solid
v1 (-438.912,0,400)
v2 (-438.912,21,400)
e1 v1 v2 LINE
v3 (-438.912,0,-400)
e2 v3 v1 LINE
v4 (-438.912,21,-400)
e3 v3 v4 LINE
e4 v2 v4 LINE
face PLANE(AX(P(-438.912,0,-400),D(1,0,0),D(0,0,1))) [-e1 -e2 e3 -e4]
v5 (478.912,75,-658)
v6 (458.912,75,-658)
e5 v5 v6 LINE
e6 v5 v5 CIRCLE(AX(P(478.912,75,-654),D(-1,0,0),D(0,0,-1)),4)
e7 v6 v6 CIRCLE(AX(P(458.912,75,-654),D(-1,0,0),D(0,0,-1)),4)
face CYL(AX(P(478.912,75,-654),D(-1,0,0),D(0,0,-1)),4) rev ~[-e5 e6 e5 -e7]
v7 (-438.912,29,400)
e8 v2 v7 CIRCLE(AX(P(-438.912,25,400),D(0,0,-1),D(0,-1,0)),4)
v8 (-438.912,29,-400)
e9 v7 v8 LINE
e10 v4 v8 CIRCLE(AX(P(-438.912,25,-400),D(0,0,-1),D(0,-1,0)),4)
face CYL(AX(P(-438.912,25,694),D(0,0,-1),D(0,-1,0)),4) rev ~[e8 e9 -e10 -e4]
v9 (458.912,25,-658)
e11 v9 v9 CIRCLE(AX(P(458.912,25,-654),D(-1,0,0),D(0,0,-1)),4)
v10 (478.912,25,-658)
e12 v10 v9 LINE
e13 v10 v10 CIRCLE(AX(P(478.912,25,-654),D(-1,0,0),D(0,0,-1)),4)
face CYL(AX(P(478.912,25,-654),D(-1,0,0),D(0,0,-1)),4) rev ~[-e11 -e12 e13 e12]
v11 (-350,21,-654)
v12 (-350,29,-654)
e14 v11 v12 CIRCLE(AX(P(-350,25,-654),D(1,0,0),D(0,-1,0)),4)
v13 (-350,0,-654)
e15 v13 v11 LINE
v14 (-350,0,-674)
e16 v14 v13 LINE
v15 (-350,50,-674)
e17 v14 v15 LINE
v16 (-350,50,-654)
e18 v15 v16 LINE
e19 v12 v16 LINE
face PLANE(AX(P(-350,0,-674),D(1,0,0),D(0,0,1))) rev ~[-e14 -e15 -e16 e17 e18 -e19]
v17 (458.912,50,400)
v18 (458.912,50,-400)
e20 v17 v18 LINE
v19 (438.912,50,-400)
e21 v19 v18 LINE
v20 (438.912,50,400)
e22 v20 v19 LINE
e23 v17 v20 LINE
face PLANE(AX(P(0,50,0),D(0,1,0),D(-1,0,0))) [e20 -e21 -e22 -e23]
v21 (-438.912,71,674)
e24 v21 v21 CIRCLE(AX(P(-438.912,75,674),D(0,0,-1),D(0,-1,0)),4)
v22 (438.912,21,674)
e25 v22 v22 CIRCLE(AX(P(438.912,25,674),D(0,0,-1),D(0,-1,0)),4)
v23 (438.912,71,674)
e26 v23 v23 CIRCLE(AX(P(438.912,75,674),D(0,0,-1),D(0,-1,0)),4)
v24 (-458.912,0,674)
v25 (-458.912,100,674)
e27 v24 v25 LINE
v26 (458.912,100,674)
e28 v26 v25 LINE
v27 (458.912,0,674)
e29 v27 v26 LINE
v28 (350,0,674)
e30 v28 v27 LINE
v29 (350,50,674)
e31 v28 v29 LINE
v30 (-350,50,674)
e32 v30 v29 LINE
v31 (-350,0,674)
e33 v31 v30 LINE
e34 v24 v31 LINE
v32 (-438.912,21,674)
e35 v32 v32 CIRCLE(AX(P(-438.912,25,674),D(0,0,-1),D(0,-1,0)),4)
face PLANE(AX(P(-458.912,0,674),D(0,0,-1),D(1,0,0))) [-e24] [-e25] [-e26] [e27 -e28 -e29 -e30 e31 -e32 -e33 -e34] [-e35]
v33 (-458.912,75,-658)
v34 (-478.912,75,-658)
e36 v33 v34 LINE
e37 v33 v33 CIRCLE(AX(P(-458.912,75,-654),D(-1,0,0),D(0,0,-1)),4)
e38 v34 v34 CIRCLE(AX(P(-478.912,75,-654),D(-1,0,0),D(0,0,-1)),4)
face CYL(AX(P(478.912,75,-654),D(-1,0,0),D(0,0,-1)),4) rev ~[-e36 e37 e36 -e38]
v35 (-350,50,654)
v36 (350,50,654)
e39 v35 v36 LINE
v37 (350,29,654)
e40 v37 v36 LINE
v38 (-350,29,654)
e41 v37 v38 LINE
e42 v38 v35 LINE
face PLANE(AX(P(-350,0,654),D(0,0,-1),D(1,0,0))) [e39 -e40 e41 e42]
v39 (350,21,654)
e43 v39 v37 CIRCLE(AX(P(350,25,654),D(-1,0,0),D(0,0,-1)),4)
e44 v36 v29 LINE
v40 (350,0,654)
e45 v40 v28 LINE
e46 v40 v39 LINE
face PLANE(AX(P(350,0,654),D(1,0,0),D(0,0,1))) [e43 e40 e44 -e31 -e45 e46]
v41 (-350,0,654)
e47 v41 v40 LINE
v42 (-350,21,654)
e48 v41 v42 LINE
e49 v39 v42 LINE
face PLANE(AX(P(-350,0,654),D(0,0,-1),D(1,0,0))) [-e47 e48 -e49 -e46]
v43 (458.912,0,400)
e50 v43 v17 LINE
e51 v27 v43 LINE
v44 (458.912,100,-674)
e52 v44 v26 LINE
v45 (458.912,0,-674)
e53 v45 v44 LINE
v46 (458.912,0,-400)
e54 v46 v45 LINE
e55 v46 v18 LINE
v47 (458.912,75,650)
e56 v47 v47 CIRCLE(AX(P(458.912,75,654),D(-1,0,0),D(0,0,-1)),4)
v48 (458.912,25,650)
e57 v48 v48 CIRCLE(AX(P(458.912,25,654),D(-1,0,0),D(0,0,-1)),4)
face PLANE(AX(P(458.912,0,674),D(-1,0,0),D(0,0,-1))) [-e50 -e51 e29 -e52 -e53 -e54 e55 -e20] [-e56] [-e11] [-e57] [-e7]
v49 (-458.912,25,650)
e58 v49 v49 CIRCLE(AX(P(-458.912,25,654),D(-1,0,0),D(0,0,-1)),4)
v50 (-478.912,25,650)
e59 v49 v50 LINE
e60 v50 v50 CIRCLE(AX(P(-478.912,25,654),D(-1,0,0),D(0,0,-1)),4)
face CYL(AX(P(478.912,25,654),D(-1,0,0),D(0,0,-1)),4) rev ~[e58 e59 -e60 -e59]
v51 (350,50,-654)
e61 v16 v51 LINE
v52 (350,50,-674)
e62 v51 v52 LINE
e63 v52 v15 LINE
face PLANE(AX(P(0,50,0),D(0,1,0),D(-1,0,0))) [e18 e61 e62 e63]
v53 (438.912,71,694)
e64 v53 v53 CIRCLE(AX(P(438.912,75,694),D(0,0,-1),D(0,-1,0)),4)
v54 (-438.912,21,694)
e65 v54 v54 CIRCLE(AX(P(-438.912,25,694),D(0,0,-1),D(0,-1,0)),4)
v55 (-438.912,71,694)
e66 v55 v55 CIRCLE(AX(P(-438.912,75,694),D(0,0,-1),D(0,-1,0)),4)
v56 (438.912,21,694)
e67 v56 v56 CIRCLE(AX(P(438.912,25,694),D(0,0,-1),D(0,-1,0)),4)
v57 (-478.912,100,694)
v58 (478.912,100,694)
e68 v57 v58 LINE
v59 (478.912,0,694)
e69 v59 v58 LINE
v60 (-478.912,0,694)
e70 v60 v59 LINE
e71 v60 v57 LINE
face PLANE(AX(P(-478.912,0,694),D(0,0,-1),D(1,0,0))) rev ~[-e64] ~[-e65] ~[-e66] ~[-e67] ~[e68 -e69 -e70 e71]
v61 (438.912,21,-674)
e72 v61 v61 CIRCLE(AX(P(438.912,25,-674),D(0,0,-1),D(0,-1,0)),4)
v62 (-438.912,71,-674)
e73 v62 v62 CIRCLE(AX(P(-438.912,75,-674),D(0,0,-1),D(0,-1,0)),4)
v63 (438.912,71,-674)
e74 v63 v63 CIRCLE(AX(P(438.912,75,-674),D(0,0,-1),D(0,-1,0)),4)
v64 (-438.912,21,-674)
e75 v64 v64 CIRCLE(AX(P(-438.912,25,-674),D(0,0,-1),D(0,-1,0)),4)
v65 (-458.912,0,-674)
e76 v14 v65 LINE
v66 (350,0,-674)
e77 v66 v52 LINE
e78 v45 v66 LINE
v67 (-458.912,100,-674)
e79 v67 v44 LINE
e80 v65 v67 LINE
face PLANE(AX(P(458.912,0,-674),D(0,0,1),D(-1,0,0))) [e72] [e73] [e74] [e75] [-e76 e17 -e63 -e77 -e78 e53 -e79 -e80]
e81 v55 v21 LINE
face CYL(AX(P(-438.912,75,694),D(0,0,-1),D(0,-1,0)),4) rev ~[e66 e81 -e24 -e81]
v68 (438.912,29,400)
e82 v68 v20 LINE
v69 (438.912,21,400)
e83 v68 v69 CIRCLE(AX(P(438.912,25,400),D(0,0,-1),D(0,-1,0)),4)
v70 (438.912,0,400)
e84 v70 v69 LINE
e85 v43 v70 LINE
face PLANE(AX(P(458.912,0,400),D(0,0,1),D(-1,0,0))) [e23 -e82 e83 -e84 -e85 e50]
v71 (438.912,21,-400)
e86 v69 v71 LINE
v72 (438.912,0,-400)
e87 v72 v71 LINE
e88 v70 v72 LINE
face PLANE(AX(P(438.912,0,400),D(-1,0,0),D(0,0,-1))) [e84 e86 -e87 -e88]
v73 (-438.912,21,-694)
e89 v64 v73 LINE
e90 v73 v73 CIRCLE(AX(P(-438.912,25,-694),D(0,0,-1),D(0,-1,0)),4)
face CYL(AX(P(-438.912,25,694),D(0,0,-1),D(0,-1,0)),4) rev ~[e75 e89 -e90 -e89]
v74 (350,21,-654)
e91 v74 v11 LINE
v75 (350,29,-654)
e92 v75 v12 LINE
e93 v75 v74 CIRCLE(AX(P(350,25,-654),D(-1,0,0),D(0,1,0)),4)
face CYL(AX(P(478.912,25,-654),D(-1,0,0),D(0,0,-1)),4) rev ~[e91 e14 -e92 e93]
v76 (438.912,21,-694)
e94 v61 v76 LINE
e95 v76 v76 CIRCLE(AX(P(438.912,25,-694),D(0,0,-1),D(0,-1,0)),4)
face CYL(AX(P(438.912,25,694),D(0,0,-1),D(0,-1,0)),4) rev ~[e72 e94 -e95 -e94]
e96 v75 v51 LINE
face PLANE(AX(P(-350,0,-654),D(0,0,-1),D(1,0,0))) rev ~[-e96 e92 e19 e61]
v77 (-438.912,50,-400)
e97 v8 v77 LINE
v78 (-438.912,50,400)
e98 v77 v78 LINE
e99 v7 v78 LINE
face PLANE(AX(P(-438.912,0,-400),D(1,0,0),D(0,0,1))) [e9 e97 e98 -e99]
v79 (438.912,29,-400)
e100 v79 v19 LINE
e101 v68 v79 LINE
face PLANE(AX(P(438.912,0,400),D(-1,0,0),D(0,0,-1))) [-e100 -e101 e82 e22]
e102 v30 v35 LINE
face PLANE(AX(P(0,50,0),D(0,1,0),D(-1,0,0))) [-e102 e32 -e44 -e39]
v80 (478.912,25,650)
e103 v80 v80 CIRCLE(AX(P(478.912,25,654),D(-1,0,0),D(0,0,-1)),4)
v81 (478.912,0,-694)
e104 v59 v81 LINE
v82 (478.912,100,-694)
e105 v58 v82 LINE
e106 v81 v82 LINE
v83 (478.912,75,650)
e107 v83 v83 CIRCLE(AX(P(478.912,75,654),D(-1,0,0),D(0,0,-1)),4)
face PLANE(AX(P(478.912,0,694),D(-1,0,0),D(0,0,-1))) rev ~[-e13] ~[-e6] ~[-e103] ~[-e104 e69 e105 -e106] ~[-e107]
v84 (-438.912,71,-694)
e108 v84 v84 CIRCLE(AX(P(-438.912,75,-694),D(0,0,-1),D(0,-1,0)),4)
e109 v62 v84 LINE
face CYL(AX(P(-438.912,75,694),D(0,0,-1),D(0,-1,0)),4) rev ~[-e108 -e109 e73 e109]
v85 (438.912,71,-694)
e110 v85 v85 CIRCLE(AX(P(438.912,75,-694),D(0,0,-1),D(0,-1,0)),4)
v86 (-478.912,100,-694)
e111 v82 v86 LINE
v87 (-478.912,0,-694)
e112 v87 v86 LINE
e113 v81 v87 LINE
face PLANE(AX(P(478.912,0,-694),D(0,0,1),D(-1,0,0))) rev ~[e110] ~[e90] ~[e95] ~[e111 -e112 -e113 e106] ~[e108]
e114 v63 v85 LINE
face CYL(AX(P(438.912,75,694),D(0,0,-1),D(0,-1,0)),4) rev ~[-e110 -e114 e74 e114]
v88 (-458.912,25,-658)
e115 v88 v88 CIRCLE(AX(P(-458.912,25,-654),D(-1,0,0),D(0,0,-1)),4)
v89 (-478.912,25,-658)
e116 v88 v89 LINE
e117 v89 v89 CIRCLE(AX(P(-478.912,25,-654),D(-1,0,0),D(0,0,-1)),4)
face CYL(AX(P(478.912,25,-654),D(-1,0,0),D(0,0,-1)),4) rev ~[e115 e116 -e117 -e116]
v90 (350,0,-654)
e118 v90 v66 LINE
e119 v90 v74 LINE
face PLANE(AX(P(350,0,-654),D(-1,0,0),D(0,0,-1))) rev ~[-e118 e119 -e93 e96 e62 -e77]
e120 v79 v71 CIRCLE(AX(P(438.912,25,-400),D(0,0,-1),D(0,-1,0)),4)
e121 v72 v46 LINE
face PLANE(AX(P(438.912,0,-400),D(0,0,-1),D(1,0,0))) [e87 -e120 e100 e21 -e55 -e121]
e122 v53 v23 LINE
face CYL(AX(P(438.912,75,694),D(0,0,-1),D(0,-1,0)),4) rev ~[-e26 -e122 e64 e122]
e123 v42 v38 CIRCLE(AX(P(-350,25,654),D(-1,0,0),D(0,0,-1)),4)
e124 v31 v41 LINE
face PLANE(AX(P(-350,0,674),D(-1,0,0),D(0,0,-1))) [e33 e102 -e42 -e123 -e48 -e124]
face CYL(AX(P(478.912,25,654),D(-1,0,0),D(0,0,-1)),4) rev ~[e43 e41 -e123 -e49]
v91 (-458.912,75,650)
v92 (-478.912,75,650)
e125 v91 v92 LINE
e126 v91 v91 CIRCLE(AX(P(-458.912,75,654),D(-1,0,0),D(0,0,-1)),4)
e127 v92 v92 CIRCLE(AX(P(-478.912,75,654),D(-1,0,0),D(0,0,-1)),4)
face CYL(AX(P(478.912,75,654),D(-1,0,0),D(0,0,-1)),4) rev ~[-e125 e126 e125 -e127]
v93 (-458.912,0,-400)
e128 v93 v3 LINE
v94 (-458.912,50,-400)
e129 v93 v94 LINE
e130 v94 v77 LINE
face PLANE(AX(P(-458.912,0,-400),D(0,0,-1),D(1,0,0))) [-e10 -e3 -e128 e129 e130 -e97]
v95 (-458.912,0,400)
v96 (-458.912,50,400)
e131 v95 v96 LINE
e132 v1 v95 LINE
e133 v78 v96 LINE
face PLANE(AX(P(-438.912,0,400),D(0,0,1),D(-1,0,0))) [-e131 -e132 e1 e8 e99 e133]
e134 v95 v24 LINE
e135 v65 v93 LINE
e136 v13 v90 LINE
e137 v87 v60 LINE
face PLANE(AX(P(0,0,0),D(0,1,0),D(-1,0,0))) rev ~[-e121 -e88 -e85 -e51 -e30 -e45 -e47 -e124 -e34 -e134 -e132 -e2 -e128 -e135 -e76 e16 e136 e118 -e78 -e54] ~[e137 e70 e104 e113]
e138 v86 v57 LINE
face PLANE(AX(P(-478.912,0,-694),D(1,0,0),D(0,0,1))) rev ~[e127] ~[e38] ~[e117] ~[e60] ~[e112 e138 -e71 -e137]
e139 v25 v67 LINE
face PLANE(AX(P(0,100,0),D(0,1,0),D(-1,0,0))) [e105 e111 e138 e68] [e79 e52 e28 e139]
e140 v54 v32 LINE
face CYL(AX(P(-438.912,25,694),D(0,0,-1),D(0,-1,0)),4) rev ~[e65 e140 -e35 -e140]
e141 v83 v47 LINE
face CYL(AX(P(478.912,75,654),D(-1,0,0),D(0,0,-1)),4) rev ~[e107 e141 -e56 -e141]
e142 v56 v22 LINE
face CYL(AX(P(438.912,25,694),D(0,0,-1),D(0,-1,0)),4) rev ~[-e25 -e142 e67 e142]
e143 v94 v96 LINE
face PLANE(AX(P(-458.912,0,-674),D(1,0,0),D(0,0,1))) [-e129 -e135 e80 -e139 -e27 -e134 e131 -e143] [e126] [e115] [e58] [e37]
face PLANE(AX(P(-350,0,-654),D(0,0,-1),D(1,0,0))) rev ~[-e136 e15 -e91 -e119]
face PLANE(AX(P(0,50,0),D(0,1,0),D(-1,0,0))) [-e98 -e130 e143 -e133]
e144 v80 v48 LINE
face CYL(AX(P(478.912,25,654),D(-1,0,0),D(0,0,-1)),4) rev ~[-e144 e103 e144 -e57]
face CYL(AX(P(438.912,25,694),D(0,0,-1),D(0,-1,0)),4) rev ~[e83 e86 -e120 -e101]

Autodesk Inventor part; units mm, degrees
ref_plane "YZ Plane" through (0, 0, 0) normal (1, 0, 0) x (0, 1, 0)
ref_plane "XZ Plane" through (0, 0, 0) normal (0, 1, 0) x (-1, 0, 0)
ref_plane "XY Plane" through (0, 0, 0) normal (0, 0, 1) x (1, 0, 0)
sketch "Sketch1" plane through (0, 0, 0) normal (0, 1, 0) x (-1, 0, 0)
  line L0 (478.912, 694) -> (-478.912, 694)
  line L1 (-478.912, 694) -> (-478.912, -694)
  line L2 (-478.912, -694) -> (478.912, -694)
  line L3 (478.912, -694) -> (478.912, 694)
  line L4 (478.912, 694) -> (-478.912, -694) construction
  line L5 (-478.912, 694) -> (478.912, -694) construction
  line L6 (458.912, 674) -> (-458.912, 674)
  line L7 (-458.912, 674) -> (-458.912, -674)
  line L8 (-458.912, -674) -> (458.912, -674)
  line L9 (458.912, -674) -> (458.912, 674)
  line L10 (458.912, 674) -> (-458.912, -674) construction
  line L11 (-458.912, 674) -> (458.912, -674) construction
  line L12 (438.912, 400) -> (458.912, 400)
  line L13 (458.912, 400) -> (458.912, -400)
  line L14 (458.912, -400) -> (438.912, -400)
  line L15 (438.912, -400) -> (438.912, 400)
  line L16 (438.912, 400) -> (458.912, -400) construction
  line L17 (458.912, 400) -> (438.912, -400) construction
  line L18 (-458.912, 400) -> (-438.912, 400)
  line L19 (-438.912, 400) -> (-438.912, -400)
  line L20 (-438.912, -400) -> (-458.912, -400)
  line L21 (-458.912, -400) -> (-458.912, 400)
  line L22 (-458.912, 400) -> (-438.912, -400) construction
  line L23 (-438.912, 400) -> (-458.912, -400) construction
  line L24 (-350, 674) -> (350, 674)
  line L25 (350, 674) -> (350, 654)
  line L26 (350, 654) -> (-350, 654)
  line L27 (-350, 654) -> (-350, 674)
  line L28 (-350, 674) -> (350, 654) construction
  line L29 (350, 674) -> (-350, 654) construction
  line L30 (350, -654) -> (-350, -654)
  line L31 (-350, -654) -> (-350, -674)
  line L32 (-350, -674) -> (350, -674)
  line L33 (350, -674) -> (350, -654)
  line L34 (350, -654) -> (-350, -674) construction
  line L35 (-350, -654) -> (350, -674) construction
  point P0 (0, 0)
  point P1 (448.912, 0)
  point P2 (458.912, 0)
  point P3 (-448.912, 0)
  point P4 (-458.912, 0)
  point P5 (0, 664)
  point P6 (0, -664)
  point P7 (0, 674)
  point P8 (0, -674)
  dimension "d0" = 957.824
  dimension "d1" = 1388
  dimension "d2" = 917.824
  dimension "d3" = 1348
  dimension "d4" = 20
  dimension "d5" = 800
  dimension "d6" = 20
  dimension "d7" = 800
  dimension "d8" = 700
  dimension "d9" = 20
  dimension "d10" = 700
  dimension "d11" = 20
extrude "Extrusion6" add sketch "Sketch1" along normal blind 50 contours L25 L26 L27 L6 | L9 L14 L15 L12 | L18 L19 L20 L7 | L8 L31 L30 L33
extrude "Extrusion7" add sketch "Sketch1" along normal blind 100
sketch "Sketch2" plane through (478.912, 0, 694) normal (1, 0, 0) x (0, 0, -1)
  line L0 (0, 0) -> (0, 100) projected
  line L1 (0, 100) -> (1388, 100) projected
  point P0 (694, 0)
  point P1 (40, 75)
  dimension "d40" = 40
  dimension "d41" = 25
hole "Hole1" at (478.912, 75, 654) direction (-1, 0, 0) diameter 8 end through all
sketch "Sketch3" plane through (478.912, 0, 694) normal (1, 0, 0) x (0, 0, -1)
  line L0 (0, 0) -> (0, 100) projected
  line L1 (0, 0) -> (1388, 0) projected
  point P0 (694, 0)
  point P1 (40, 25)
  dimension "d42" = 40
  dimension "d43" = 25
hole "Hole2" at (478.912, 25, 654) direction (-1, 0, 0) diameter 8 end through all
sketch "Sketch4" plane through (478.912, 0, 694) normal (1, 0, 0) x (0, 0, -1)
  line L0 (1388, 0) -> (1388, 100) projected
  line L1 (0, 100) -> (1388, 100) projected
  point P0 (694, 0)
  point P1 (1348, 75)
  dimension "d58" = 40
  dimension "d59" = 25
hole "Hole3" at (478.912, 75, -654) direction (-1, 0, 0) diameter 8 end through all
sketch "Sketch5" plane through (478.912, 0, 694) normal (1, 0, 0) x (0, 0, -1)
  line L0 (1388, 0) -> (1388, 100) projected
  line L1 (0, 0) -> (1388, 0) projected
  point P0 (694, 0)
  point P1 (1348, 25)
  dimension "d60" = 40
  dimension "d61" = 25
hole "Hole4" at (478.912, 25, -654) direction (-1, 0, 0) diameter 8 end through all
sketch "Sketch6" plane through (-478.912, 0, 694) normal (0, 0, 1) x (1, 0, 0)
  line L0 (0, 100) -> (957.824, 100) projected
  line L1 (957.824, 0) -> (957.824, 100) projected
  line L2 (0, 0) -> (957.824, 0) projected
  point P0 (478.912, 0)
  point P1 (917.824, 75)
  point P2 (917.824, 25)
  dimension "d69" = 25
  dimension "d70" = 40
  dimension "d71" = 40
  dimension "d72" = 25
hole "Hole5" at (438.912, 75, 694) at (438.912, 25, 694) direction (0, 0, -1) diameter 8 end through all
sketch "Sketch7" plane through (-478.912, 0, 694) normal (0, 0, 1) x (1, 0, 0)
  line L0 (0, 0) -> (0, 100) projected
  line L1 (0, 100) -> (957.824, 100) projected
  point P0 (478.912, 0)
  point P1 (40, 75)
  dimension "d87" = 40
  dimension "d88" = 25
hole "Hole6" at (-438.912, 75, 694) direction (0, 0, -1) diameter 8 end through all
sketch "Sketch8" plane through (-478.912, 0, 694) normal (0, 0, 1) x (1, 0, 0)
  line L0 (0, 0) -> (0, 100) projected
  line L1 (0, 0) -> (957.824, 0) projected
  point P0 (478.912, 0)
  point P1 (40, 25)
  dimension "d89" = 40
  dimension "d90" = 25
hole "Hole7" at (-438.912, 25, 694) direction (0, 0, -1) diameter 8 end through all
properties part number "tub floor 1"
